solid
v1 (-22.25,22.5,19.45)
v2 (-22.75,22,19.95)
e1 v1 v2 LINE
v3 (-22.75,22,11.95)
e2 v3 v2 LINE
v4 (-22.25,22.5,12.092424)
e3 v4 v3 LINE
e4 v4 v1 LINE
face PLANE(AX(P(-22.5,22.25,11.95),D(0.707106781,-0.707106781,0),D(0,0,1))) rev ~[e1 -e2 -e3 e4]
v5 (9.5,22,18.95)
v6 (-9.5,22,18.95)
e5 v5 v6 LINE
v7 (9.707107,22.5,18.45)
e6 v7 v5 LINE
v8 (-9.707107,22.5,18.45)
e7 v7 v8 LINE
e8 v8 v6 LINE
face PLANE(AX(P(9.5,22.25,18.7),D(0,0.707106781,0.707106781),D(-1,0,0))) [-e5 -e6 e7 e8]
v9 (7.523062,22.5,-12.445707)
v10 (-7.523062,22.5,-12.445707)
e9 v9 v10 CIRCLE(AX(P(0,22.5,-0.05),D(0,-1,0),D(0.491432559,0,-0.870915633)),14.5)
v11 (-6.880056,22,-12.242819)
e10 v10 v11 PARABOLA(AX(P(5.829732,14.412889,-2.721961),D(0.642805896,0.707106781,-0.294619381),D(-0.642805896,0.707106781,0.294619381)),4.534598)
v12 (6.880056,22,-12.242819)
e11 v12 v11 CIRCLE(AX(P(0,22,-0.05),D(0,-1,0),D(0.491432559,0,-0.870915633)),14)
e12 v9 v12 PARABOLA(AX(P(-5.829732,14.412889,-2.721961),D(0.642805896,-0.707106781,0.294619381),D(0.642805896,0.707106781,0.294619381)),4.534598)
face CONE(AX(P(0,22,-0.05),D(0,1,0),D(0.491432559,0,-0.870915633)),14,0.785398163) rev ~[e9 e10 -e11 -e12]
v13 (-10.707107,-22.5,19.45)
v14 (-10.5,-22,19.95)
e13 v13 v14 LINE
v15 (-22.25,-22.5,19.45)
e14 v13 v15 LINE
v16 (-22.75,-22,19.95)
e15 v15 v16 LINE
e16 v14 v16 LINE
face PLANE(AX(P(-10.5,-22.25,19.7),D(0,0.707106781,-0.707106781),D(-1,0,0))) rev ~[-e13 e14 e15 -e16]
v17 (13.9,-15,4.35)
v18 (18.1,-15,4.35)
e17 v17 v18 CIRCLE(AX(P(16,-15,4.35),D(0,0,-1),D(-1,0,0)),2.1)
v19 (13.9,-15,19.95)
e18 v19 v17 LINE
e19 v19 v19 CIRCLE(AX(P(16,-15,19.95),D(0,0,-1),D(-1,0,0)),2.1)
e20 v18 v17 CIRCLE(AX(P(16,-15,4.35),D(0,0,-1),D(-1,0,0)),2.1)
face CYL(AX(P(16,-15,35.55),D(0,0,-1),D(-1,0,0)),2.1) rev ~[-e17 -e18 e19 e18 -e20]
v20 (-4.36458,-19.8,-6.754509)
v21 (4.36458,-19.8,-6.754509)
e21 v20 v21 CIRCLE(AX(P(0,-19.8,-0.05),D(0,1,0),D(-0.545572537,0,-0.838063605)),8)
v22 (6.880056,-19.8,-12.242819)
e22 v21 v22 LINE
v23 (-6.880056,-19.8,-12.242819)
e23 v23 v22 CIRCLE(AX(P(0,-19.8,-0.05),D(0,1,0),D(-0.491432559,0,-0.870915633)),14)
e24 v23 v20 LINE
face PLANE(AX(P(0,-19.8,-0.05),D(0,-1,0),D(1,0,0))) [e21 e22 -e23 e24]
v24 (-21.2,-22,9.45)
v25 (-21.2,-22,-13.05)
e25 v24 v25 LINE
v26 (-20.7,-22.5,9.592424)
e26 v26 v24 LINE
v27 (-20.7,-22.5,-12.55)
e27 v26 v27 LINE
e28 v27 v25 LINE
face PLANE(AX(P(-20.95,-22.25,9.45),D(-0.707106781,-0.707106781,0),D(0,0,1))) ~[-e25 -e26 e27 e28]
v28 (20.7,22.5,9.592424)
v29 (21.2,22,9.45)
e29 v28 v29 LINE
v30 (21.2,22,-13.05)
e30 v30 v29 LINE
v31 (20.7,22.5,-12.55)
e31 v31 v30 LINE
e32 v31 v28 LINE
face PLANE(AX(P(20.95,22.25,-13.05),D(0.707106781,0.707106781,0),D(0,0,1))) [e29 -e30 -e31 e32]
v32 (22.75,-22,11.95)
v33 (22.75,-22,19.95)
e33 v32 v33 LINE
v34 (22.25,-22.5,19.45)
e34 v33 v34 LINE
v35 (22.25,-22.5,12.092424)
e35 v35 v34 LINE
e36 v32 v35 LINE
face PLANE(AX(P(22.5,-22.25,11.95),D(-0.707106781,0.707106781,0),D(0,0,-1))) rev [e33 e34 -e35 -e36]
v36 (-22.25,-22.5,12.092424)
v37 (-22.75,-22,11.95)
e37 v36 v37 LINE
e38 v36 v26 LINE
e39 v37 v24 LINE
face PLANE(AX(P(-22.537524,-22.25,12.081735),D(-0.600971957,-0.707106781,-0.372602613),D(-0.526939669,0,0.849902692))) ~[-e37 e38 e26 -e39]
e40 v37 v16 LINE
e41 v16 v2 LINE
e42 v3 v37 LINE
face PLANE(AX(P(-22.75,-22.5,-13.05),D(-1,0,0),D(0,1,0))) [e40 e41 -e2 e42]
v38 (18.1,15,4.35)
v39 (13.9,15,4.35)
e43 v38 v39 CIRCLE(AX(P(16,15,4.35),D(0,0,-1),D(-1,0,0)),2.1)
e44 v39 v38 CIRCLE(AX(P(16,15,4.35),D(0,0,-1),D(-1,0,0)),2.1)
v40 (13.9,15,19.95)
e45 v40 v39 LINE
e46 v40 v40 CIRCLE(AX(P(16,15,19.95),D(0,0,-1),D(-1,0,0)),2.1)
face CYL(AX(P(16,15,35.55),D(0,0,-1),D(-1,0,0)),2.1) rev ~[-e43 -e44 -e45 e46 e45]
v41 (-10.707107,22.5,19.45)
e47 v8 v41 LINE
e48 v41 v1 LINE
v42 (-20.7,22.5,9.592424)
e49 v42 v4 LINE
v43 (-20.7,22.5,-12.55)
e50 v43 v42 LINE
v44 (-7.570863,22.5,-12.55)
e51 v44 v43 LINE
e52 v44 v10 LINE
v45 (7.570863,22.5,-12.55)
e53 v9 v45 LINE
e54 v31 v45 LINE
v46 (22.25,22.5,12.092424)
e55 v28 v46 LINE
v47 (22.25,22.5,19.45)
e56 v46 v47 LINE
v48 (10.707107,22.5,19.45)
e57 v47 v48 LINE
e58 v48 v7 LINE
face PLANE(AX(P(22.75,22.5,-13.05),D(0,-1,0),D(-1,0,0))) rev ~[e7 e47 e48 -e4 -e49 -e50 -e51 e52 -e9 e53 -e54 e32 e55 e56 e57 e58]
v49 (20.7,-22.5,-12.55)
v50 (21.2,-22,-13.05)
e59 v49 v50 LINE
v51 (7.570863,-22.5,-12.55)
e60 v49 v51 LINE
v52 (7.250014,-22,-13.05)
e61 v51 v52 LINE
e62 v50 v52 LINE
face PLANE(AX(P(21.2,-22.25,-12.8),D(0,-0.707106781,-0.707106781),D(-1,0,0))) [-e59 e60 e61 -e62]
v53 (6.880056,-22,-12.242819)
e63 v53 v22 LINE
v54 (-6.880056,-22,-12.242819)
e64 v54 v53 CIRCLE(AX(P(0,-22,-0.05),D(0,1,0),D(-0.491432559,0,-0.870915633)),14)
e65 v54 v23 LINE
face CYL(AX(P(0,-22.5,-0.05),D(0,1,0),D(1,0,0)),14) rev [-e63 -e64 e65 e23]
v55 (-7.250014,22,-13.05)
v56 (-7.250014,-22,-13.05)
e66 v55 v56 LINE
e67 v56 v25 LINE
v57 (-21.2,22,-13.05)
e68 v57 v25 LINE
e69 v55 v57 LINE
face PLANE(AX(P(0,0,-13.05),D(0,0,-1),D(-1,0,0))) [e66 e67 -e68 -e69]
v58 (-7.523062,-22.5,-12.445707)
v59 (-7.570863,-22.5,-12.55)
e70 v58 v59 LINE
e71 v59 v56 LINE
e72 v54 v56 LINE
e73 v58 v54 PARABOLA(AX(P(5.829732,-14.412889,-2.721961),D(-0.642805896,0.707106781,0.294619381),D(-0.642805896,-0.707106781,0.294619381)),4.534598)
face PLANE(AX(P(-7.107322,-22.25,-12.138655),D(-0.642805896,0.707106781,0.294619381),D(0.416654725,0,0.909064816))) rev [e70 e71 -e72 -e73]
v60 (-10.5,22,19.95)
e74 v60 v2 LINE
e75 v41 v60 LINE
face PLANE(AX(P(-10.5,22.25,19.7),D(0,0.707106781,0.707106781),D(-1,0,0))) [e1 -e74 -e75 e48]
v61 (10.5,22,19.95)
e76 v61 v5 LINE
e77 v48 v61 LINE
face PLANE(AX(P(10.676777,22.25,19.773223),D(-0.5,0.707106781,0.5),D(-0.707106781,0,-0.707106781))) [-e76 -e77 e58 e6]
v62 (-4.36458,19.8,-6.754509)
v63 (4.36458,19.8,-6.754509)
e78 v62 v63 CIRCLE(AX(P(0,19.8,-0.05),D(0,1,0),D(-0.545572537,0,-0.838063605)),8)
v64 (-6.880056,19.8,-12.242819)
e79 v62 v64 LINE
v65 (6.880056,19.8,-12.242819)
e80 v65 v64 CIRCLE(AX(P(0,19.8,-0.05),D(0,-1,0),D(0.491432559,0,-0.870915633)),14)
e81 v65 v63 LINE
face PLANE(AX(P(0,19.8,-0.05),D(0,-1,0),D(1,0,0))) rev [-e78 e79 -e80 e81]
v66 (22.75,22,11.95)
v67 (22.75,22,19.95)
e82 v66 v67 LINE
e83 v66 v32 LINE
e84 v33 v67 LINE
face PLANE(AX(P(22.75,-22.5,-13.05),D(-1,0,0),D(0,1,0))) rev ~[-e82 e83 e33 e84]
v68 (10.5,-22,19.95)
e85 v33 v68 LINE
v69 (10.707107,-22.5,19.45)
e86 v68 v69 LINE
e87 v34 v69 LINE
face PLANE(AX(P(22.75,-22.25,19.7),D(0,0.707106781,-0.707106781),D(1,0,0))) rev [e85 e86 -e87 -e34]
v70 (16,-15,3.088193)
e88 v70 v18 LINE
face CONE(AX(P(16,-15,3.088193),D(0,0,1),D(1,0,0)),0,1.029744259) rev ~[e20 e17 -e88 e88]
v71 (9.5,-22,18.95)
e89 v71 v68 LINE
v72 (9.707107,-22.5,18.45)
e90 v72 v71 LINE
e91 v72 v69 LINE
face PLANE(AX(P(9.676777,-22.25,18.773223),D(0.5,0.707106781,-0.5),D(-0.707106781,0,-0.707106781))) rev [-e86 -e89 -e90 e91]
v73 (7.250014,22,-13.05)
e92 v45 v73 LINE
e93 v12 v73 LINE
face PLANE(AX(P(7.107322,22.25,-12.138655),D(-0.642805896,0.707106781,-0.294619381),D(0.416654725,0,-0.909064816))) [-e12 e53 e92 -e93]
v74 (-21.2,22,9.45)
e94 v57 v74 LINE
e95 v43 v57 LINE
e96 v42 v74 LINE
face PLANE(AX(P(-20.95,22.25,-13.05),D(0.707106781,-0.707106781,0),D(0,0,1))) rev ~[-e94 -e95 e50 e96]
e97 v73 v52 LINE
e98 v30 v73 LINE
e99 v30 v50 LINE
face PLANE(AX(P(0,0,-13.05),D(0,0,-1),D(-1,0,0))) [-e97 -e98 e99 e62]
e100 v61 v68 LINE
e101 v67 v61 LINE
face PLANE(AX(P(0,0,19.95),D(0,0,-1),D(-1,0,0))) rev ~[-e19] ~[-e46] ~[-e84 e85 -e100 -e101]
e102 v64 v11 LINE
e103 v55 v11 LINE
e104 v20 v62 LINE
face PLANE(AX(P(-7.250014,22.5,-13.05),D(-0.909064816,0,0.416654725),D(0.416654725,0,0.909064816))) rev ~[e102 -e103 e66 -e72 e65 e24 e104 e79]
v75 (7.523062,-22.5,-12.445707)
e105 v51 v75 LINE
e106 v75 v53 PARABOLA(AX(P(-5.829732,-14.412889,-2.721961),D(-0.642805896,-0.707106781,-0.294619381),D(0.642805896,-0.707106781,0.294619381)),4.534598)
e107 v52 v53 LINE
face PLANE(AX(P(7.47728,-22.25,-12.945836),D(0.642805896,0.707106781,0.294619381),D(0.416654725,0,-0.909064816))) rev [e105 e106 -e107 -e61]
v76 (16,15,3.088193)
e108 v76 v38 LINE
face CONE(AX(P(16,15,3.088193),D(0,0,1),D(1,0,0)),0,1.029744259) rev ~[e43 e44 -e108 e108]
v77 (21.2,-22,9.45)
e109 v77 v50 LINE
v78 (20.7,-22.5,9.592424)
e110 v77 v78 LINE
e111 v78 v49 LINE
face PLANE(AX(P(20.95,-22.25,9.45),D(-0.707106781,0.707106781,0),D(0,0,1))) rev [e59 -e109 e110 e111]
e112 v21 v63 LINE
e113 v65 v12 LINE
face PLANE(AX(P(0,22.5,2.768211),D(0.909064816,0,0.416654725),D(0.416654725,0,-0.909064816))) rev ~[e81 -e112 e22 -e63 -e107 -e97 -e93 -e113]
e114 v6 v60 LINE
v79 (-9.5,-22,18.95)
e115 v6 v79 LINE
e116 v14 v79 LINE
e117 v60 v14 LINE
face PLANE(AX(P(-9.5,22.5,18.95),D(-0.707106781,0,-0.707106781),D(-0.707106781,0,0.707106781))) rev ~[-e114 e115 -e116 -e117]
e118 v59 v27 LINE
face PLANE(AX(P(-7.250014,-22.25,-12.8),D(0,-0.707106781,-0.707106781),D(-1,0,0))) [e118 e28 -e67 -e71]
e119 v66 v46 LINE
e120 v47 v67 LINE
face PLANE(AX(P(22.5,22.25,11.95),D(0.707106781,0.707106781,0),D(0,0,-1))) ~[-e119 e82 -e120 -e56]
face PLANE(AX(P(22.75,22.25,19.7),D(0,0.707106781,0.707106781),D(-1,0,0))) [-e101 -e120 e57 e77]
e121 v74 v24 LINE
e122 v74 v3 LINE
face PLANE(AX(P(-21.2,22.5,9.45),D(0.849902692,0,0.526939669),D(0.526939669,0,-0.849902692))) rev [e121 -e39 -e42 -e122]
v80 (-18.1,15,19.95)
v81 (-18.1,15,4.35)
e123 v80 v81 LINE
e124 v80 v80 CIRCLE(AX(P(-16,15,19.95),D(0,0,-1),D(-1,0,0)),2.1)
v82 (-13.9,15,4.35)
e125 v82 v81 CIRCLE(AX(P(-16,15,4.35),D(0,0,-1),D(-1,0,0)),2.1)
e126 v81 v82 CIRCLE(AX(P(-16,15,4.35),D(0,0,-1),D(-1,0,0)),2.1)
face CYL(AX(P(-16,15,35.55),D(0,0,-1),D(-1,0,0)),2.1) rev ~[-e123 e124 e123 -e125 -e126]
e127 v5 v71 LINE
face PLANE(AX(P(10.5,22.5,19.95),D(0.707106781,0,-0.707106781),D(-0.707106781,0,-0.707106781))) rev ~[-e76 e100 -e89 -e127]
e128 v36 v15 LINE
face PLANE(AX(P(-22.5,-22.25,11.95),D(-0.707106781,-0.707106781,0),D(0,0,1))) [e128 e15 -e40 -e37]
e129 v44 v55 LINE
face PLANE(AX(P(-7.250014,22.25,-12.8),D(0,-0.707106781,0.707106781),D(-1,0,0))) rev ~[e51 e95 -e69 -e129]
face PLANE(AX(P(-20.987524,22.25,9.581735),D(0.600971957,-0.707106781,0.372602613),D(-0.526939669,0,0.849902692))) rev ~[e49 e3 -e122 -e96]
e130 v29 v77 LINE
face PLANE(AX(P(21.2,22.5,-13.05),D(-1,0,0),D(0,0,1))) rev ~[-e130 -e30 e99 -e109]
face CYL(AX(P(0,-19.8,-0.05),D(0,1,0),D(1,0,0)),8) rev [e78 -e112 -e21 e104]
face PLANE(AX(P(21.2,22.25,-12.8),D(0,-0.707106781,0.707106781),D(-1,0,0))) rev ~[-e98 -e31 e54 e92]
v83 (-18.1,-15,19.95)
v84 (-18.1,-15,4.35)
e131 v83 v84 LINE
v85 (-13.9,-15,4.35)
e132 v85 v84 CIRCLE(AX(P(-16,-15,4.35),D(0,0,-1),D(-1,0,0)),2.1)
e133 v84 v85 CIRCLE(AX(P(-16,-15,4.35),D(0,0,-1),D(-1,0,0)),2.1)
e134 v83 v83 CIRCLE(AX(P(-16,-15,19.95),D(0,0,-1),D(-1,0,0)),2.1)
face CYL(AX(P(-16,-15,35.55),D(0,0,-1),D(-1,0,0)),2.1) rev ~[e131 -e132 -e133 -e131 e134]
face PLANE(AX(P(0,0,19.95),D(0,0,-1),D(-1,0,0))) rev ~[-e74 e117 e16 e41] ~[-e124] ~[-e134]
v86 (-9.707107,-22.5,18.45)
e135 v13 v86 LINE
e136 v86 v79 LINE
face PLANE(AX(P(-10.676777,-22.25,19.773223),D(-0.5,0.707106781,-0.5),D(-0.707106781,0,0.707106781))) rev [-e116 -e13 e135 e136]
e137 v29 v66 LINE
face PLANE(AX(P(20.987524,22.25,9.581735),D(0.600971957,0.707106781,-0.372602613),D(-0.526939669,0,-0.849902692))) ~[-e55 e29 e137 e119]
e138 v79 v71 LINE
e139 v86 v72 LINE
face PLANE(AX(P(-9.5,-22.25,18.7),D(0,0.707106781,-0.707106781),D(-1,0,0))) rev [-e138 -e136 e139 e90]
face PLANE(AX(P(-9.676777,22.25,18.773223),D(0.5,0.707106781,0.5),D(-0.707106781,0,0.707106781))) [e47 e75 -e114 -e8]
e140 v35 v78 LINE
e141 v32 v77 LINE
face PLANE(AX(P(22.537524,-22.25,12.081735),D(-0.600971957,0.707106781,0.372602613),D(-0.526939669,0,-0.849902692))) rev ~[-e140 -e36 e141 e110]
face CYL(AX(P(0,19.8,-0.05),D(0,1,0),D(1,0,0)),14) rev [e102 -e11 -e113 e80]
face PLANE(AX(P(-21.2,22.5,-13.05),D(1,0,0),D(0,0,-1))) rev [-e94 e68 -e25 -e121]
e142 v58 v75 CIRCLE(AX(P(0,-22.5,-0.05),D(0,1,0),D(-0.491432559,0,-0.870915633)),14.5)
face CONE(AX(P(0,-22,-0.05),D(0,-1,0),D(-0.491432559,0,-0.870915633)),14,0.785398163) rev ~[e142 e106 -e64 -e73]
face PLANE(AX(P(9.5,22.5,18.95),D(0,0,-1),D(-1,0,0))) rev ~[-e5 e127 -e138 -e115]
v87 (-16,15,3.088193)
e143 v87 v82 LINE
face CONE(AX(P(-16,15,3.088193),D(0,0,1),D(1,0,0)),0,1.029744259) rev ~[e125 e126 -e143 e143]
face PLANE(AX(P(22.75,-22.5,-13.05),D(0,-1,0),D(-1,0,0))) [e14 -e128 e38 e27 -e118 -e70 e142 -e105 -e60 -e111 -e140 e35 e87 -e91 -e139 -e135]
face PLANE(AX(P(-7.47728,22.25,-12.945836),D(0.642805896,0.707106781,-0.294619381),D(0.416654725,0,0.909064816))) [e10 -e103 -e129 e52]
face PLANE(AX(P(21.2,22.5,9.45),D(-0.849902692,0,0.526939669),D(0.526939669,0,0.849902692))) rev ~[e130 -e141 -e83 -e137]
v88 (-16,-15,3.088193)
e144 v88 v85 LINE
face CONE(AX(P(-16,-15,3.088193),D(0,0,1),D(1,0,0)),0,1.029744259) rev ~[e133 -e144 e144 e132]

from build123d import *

# Parameters (mm, degrees)
SKETCH1_W                 = 45.5
SKETCH1_H                 = 45
BOSS_EXTRUDE1_DEPTH       = 33
CUT_EXTRUDE1_DEPTH        = 46
CUT_EXTRUDE2_DEPTH        = 46
CUT_EXTRUDE4_DEPTH        = 46
M5X0_8_TAPPED_HOLE1_D     = 4.2
M5X0_8_TAPPED_HOLE1_DEPTH = 15.6
M5X0_8_TAPPED_HOLE1_TIP   = 1.2618073
CHAMFER1_SIZE             = 0.5


with BuildPart() as part:
    # Sketch1 → Boss-Extrude1 (new body)
    with BuildSketch(Plane(origin=(0, 0, -13.05), x_dir=(-1, 0, 0), z_dir=(0, 0, -1))):
        Rectangle(SKETCH1_W, SKETCH1_H)
    extrude(amount=-BOSS_EXTRUDE1_DEPTH)

    # Sketch2 → Cut-Extrude1 (cut, through all)
    with BuildSketch(Plane(origin=(0, 22.5, 0), x_dir=(-1, 0, 0), z_dir=(0, 1, 0))):
        Polygon((-21.2, -13.05), (-21.2, 9.45), (-22.75, 11.95), (-22.75, -13.05), align=None)
    cut_extrude1 = extrude(amount=-CUT_EXTRUDE1_DEPTH, mode=Mode.SUBTRACT)

    # Mirror1: Cut-Extrude1 across plane
    add(cut_extrude1.mirror(Plane(origin=(0, 0, 0), x_dir=(0, 0, 1), z_dir=(1, 0, 0))), mode=Mode.SUBTRACT)

    # Sketch3 → Cut-Extrude2 (cut, through all)
    with BuildSketch(Plane(origin=(0, 22.5, 0), x_dir=(-1, 0, 0), z_dir=(0, 1, 0))):
        Polygon((-10.5, 19.95), (-9.5, 18.95), (9.5, 18.95), (10.5, 19.95), align=None)
    extrude(amount=-CUT_EXTRUDE2_DEPTH, mode=Mode.SUBTRACT)

    # Sketch5 → Cut-Extrude4 (cut, through all)
    with BuildSketch(Plane(origin=(0, 22.5, 0), x_dir=(-1, 0, 0), z_dir=(0, 1, 0))):
        Polygon((-7.250013867, -13.05), (7.250013867, -13.05), (0, 2.768211411), align=None)
    extrude(amount=-CUT_EXTRUDE4_DEPTH, mode=Mode.SUBTRACT)

    # Sketch6 → Cut-Revolve1 (revolve, cut)
    with BuildSketch(Plane.XY.offset(-0.05)):
        Polygon((14, 22.5), (0, 22.5), (0, -22.5), (14, -22.5), (14, -19.8), (8, -19.8), (8, 19.8), (14, 19.8), align=None)
    revolve(axis=Axis((0, 22.5, -0.05), (0, -1, 0)), mode=Mode.SUBTRACT)

    # M5x0.8 Tapped Hole1
    with Locations(Plane.XY.offset(19.95)):
        with Locations((-16, -15), (16, 15), (16, -15), (-16, 15)):
            Hole(M5X0_8_TAPPED_HOLE1_D / 2, depth=M5X0_8_TAPPED_HOLE1_DEPTH)
            with Locations((0, 0, -(M5X0_8_TAPPED_HOLE1_DEPTH + M5X0_8_TAPPED_HOLE1_TIP / 2))):  # 118° drill point
                Cone(0, M5X0_8_TAPPED_HOLE1_D / 2, M5X0_8_TAPPED_HOLE1_TIP, mode=Mode.SUBTRACT)

    # Chamfer1
    chamfer1_edges = [part.edges().sort_by_distance(p)[0] for p in [
        (14.225006933, -22.5, -13.05),
        (16.625, -22.5, 19.95),
        (21.975, -22.5, 10.7),
        (21.2, -22.5, -1.8),
        (21.2, 22.5, -1.8),
        (21.975, 22.5, 10.7),
        (-14.225006933, 22.5, -13.05),
        (-21.2, 22.5, -1.8),
        (-21.975, 22.5, 10.7),
        (-21.2, -22.5, -1.8),
        (-21.975, -22.5, 10.7),
        (-16.625, -22.5, 19.95),
        (16.625, 22.5, 19.95),
        (-10, -22.5, 19.45),
        (0, -22.5, 18.95),
        (10, -22.5, 19.45),
        (10, 22.5, 19.45),
        (0, 22.5, 18.95),
        (-10, 22.5, 19.45),
        (-14.225006933, -22.5, -13.05),
        (14.225006933, 22.5, -13.05),
        (-7.065034848, -22.5, -12.646409431),
        (-7.065034848, 22.5, -12.646409431),
        (7.065034848, 22.5, -12.646409431),
        (7.065034848, -22.5, -12.646409431),
        (0, 22.5, 13.95),
        (0, -22.5, 13.95),
        (-22.75, -22.5, 15.95),
        (22.75, -22.5, 15.95),
        (22.75, 22.5, 15.95),
        (-22.75, 22.5, 15.95),
        (-16.625, 22.5, 19.95),
    ]]
    chamfer(chamfer1_edges, length=CHAMFER1_SIZE)


solid = part.part
